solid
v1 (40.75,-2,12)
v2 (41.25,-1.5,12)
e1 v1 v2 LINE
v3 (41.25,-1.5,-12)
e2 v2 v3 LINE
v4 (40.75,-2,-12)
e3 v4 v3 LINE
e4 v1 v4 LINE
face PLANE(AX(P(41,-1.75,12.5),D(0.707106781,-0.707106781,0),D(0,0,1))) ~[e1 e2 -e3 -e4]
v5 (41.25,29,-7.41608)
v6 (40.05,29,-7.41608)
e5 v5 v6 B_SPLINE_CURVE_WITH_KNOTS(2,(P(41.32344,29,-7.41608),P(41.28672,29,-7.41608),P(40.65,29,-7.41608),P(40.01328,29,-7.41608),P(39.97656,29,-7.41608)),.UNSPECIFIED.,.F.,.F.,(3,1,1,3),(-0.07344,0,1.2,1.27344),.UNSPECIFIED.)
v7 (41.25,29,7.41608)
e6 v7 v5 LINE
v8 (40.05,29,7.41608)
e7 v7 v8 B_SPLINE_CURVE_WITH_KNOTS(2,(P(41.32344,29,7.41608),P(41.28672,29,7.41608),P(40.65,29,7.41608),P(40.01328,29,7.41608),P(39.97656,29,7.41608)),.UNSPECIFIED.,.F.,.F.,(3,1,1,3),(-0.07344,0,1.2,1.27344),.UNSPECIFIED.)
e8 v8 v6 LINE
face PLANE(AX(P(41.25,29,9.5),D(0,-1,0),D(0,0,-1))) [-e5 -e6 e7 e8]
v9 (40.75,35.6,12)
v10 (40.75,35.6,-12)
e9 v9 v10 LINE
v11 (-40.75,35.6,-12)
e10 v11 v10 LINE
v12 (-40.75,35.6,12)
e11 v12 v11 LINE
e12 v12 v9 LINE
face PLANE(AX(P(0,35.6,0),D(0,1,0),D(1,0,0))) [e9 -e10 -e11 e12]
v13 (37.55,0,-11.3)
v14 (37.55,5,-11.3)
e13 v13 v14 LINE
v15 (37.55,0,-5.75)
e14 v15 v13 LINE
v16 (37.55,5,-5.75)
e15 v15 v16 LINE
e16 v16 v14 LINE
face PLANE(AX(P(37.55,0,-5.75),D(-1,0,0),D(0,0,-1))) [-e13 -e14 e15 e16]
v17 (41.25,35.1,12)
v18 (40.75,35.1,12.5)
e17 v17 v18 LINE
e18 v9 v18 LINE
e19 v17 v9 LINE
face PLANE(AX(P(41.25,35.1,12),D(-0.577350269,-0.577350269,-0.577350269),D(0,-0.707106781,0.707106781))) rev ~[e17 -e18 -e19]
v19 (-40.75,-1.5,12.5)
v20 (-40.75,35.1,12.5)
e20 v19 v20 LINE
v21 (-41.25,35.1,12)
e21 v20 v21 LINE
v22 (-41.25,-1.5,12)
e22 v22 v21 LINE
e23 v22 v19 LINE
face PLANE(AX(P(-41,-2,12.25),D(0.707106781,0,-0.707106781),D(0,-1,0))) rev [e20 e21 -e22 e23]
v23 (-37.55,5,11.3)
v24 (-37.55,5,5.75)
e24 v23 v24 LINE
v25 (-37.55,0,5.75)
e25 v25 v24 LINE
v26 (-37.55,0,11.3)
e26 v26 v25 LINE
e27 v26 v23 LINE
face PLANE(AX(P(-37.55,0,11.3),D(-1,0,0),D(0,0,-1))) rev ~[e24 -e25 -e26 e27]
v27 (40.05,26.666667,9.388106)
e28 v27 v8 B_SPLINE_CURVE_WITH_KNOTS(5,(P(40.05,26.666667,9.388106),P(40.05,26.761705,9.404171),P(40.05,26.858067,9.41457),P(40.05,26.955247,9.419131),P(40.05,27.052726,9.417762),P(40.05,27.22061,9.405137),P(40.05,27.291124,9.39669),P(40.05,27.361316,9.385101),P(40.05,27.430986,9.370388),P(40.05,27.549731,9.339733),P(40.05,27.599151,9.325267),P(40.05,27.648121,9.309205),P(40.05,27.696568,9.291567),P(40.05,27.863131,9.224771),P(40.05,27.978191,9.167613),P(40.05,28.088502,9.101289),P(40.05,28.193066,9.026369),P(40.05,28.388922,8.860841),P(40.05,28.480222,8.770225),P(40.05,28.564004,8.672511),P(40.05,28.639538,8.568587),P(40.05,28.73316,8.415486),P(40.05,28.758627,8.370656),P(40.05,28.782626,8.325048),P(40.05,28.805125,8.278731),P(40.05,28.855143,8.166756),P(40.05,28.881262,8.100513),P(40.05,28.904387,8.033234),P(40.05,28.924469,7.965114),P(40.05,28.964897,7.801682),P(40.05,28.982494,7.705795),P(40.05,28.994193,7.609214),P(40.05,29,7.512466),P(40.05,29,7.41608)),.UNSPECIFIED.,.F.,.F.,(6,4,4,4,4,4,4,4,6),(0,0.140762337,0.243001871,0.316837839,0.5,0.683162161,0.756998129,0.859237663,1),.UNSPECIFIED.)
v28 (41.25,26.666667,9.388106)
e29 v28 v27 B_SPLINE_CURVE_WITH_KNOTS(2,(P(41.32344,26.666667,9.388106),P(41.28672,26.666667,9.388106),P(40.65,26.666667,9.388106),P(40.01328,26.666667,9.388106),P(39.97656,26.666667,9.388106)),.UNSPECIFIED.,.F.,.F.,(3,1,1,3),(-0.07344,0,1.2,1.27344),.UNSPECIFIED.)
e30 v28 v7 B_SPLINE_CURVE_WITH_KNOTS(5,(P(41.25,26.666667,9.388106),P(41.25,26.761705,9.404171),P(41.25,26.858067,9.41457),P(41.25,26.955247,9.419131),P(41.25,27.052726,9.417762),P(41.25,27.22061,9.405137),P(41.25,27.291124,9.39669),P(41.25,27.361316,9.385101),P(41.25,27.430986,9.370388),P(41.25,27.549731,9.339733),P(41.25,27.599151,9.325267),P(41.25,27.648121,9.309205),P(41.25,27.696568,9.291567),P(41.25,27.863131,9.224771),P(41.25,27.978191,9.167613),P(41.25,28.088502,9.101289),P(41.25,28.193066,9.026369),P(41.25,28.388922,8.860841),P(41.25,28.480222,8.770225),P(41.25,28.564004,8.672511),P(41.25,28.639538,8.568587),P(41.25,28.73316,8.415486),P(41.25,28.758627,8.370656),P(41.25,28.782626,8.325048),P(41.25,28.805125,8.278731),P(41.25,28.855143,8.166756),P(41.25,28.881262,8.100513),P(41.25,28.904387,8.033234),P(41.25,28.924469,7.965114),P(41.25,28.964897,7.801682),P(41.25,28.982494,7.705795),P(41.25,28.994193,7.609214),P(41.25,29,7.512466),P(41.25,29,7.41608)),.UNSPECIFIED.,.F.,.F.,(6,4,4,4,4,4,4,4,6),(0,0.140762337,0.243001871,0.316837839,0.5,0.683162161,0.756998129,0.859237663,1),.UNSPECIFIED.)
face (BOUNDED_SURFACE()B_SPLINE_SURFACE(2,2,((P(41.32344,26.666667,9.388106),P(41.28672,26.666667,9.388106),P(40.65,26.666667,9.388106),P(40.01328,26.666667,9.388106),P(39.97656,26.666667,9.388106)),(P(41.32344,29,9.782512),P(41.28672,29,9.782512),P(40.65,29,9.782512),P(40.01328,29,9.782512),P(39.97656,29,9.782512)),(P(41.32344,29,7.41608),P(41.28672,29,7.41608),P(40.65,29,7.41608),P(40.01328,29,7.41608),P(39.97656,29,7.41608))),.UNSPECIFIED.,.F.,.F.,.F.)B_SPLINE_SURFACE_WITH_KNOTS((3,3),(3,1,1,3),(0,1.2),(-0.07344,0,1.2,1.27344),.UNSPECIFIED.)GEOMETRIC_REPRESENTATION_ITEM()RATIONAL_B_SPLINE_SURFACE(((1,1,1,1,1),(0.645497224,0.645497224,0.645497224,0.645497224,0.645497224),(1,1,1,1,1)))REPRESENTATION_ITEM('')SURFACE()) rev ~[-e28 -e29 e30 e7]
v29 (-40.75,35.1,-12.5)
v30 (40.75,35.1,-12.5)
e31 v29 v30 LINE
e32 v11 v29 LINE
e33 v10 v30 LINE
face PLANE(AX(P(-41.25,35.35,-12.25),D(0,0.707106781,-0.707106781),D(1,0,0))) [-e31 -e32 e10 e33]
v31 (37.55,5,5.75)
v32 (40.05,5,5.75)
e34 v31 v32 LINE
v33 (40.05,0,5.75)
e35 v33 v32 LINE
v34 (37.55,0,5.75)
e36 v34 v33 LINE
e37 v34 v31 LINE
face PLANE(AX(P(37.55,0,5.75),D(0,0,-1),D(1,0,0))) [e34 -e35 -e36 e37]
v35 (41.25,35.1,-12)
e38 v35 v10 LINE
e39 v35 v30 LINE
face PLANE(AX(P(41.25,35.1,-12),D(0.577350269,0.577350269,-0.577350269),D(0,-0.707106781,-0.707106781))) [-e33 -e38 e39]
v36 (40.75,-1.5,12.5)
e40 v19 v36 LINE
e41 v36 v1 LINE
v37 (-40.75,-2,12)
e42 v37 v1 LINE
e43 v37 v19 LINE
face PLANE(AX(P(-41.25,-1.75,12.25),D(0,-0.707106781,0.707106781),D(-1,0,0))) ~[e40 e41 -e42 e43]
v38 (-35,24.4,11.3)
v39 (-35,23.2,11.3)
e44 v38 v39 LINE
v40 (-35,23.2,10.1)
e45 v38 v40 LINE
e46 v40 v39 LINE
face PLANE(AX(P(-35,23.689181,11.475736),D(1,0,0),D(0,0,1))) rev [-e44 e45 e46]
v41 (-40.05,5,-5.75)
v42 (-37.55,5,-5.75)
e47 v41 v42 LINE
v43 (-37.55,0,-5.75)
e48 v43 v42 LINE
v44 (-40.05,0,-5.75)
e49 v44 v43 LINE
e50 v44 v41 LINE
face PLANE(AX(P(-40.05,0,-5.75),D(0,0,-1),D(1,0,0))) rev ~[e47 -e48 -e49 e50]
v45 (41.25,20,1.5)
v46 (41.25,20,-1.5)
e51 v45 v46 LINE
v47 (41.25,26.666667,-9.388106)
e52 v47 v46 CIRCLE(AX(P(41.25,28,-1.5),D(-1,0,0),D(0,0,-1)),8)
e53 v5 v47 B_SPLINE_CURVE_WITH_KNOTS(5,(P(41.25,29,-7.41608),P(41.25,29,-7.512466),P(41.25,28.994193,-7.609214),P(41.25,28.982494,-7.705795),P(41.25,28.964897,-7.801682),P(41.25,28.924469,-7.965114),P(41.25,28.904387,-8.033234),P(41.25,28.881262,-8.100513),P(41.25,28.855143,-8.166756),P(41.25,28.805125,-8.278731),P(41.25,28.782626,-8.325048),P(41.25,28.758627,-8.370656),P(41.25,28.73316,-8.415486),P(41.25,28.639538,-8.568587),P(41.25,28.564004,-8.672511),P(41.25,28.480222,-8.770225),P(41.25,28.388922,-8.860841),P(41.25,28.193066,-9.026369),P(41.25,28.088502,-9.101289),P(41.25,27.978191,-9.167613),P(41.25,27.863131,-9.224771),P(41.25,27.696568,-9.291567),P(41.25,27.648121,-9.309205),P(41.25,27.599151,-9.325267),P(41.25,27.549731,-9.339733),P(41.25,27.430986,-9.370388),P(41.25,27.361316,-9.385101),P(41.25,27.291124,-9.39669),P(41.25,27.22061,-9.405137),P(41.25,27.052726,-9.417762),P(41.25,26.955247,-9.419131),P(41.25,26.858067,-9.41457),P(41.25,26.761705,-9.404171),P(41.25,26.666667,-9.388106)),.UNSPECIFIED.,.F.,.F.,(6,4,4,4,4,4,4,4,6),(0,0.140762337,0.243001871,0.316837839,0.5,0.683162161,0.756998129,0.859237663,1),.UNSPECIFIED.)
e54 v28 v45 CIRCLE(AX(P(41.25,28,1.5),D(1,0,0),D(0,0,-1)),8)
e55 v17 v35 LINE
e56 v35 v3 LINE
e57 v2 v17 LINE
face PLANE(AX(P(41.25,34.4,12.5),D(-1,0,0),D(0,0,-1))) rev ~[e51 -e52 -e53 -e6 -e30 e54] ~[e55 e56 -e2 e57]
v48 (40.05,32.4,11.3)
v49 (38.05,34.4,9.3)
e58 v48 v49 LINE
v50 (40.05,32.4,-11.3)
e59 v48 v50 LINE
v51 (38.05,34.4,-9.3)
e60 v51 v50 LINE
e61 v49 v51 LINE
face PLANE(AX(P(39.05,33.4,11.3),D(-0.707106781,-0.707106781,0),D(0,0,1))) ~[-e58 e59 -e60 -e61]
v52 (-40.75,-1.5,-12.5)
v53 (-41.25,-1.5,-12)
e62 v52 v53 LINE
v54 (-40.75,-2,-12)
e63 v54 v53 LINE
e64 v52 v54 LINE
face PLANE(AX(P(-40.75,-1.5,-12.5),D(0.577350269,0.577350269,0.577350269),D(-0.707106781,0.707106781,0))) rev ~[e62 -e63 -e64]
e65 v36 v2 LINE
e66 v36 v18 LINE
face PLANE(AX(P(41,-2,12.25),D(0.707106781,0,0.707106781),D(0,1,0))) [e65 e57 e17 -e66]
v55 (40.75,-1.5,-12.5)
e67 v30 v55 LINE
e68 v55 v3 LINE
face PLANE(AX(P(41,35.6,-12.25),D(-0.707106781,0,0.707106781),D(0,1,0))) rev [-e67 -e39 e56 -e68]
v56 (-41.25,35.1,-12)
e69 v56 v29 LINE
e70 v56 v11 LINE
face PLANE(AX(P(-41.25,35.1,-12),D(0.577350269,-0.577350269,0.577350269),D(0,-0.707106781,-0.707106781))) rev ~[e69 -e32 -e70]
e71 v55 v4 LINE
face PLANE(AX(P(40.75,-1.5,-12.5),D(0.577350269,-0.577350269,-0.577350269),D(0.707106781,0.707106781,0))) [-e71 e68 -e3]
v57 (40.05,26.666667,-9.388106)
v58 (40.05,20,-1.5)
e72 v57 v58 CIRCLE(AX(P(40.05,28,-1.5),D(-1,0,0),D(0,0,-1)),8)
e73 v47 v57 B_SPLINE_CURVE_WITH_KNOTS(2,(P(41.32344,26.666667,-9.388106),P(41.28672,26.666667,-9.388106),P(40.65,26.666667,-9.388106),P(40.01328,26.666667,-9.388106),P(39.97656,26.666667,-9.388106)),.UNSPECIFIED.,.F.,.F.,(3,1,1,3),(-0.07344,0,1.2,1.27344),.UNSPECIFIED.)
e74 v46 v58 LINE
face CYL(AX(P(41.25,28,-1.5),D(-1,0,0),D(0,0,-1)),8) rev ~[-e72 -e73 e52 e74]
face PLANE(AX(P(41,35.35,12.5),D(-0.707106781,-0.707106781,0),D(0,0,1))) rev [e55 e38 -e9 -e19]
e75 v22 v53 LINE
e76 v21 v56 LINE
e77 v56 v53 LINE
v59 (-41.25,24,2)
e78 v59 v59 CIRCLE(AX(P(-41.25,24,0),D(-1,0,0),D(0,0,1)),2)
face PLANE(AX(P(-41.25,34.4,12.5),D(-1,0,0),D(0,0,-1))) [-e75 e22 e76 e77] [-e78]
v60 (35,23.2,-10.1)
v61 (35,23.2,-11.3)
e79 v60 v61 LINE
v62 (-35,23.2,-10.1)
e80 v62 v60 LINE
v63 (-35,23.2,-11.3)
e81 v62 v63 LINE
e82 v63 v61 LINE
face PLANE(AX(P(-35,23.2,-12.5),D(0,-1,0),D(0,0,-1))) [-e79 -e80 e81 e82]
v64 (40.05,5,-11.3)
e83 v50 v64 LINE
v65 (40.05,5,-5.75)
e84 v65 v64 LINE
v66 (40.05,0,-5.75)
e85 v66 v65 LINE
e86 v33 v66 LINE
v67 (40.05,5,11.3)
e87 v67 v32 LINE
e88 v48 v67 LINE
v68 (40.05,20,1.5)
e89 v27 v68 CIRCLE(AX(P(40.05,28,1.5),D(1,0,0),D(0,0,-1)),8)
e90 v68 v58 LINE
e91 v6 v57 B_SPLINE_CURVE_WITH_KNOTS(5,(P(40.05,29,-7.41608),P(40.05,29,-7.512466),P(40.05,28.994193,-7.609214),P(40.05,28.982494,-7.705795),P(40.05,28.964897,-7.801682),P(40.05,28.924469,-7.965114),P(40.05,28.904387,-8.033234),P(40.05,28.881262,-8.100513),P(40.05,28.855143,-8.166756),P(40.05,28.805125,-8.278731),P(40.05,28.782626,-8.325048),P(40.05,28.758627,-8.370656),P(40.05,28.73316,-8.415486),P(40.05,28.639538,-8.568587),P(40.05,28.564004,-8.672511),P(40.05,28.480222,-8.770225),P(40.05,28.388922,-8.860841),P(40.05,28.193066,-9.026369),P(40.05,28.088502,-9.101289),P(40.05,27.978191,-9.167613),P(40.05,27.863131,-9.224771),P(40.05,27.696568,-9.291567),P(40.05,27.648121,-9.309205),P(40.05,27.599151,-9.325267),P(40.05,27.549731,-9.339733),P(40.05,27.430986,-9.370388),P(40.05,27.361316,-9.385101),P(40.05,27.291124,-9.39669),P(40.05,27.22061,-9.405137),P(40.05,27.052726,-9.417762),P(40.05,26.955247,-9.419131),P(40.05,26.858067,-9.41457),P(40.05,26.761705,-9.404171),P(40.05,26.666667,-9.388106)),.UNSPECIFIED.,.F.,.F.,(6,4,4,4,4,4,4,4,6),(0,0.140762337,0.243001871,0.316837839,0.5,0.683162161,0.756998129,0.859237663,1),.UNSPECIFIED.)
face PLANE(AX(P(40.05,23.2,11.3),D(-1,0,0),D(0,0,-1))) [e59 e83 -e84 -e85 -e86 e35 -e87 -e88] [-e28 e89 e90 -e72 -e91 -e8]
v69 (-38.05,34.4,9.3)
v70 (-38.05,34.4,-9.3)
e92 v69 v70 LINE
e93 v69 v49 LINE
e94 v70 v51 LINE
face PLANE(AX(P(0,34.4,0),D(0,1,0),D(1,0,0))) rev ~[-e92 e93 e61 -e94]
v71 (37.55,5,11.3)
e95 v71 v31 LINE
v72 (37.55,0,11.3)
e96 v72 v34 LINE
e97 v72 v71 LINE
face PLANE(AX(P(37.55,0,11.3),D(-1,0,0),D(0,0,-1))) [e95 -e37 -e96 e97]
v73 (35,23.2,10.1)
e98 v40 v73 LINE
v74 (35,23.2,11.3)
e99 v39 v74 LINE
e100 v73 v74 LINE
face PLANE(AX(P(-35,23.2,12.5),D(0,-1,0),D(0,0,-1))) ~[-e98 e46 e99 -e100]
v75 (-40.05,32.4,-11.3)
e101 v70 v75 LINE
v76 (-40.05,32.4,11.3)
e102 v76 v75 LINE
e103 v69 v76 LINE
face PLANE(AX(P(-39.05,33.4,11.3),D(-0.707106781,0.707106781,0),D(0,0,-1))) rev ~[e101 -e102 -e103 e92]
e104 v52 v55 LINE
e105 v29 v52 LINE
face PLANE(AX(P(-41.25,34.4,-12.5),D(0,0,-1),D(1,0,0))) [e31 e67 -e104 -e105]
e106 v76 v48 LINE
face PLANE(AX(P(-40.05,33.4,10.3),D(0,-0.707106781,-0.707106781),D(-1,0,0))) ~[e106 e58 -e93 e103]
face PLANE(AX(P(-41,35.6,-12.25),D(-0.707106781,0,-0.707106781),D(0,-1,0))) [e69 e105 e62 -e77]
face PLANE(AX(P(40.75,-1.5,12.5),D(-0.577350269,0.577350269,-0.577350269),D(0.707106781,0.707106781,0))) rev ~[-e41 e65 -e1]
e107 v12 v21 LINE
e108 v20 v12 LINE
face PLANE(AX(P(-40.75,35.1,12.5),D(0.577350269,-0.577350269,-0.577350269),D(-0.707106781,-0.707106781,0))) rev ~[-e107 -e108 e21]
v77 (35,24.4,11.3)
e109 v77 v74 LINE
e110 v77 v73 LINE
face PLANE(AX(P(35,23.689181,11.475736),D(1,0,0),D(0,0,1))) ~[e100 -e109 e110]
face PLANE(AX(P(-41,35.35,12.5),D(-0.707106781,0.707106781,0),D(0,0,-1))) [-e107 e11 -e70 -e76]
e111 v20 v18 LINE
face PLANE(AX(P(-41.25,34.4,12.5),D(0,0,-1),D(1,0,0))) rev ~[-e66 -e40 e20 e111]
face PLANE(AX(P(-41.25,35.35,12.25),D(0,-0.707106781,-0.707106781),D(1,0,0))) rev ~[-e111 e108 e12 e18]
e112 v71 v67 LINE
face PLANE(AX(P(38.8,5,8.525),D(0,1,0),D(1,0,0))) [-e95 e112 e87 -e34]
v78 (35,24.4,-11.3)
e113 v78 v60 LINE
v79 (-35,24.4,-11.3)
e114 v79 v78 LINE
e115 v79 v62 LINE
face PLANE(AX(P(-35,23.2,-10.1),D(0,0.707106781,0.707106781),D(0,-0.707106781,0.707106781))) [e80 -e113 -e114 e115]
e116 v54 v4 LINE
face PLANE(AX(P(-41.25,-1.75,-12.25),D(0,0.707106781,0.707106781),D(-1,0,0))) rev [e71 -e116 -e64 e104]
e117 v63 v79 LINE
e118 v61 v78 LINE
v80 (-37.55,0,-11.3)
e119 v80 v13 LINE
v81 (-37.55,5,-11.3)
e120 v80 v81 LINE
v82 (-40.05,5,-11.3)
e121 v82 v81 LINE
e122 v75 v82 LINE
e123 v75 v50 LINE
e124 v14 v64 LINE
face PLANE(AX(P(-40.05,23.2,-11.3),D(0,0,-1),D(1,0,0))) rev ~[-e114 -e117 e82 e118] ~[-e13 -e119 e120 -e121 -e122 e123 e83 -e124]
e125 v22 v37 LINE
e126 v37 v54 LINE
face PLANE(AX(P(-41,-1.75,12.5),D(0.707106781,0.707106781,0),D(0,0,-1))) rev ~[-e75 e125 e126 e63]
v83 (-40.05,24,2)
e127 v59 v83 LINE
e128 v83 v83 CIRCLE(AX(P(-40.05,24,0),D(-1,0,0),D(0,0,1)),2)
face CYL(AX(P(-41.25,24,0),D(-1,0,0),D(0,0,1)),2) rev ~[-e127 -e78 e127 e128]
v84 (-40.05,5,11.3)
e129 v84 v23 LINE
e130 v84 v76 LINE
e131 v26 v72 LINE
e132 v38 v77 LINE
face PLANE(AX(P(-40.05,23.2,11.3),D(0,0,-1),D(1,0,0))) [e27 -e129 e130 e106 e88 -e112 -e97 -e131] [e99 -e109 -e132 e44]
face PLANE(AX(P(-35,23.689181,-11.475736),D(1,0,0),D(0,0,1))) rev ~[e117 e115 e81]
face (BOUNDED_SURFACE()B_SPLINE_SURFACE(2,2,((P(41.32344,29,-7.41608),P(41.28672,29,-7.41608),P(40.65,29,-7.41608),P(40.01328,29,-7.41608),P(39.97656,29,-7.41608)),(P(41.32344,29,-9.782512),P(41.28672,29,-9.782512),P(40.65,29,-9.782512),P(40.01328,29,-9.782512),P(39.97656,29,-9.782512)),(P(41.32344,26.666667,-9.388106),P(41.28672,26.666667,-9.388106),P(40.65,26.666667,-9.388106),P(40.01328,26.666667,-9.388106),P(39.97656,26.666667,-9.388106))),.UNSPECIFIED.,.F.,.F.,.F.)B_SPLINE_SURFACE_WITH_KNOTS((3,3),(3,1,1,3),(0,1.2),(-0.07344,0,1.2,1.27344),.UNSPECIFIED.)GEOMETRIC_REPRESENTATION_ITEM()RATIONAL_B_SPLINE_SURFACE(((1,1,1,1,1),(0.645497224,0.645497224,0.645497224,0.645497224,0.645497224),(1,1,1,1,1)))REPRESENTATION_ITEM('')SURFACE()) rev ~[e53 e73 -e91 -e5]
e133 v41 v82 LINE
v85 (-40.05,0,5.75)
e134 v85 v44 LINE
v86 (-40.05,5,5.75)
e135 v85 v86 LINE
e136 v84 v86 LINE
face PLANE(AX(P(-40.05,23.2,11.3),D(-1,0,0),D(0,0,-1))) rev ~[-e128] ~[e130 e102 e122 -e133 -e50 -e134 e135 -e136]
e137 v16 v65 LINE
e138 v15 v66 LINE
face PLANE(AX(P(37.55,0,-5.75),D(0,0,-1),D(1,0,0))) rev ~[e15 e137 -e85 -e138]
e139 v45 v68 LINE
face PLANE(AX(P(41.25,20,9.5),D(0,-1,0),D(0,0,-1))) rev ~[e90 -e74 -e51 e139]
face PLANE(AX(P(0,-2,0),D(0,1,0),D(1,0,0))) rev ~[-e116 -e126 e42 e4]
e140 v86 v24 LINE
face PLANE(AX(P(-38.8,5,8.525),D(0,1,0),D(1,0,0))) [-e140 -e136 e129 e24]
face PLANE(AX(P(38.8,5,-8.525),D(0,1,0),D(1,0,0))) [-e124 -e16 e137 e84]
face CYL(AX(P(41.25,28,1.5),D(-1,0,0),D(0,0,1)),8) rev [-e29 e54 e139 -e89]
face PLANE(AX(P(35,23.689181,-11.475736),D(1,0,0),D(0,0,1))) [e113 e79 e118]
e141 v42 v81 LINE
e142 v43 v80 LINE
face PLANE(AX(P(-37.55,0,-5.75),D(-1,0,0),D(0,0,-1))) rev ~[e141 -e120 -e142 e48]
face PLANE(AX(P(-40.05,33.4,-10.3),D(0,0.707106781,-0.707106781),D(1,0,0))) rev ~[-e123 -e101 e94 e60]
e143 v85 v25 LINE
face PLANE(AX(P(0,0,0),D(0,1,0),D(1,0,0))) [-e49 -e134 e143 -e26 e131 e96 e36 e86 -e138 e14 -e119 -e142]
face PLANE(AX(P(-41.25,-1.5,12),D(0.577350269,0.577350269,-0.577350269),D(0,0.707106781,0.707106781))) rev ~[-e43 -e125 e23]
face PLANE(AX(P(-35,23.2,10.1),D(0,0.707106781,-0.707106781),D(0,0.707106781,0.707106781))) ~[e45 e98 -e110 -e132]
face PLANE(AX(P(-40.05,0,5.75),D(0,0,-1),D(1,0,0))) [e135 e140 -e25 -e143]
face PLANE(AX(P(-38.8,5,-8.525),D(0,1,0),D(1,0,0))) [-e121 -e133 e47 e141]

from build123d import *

# Parameters (mm, degrees)
SKETCH1_W           = 82.5
SKETCH1_H           = 25
SKETCH1_W_2         = 80.1
SKETCH1_H_2         = 22.6
BOSS_EXTRUDE1_DEPTH = 23.2
SKETCH1_2_W         = 82.5
SKETCH1_2_H         = 25
BOSS_EXTRUDE2_DEPTH = 2
SKETCH2_W           = 2.5
SKETCH2_H           = 5.55
BOSS_EXTRUDE3_DEPTH = 5
SKETCH8_W           = 82.5
SKETCH8_H           = 25
SKETCH8_W_2         = 80.1
SKETCH8_H_2         = 22.6
BOSS_EXTRUDE4_DEPTH = 11.2
SKETCH10_W          = 82.5
SKETCH10_H          = 25
BOSS_EXTRUDE6_DEPTH = 1.2
SKETCH11_W          = 19
SKETCH11_H          = 9
CUT_EXTRUDE1_DEPTH  = 1.2
FILLET1_R           = 8
FILLET2_R           = 2
CHAMFER1_SIZE       = 0.5
CHAMFER2_SIZE       = 2
SKETCH12_R          = 2
CUT_EXTRUDE2_DEPTH  = 1.2


with BuildPart() as part:
    # Sketch1 → Boss-Extrude1 (new body)
    with BuildSketch(Plane(origin=(0, 0, 0), x_dir=(1, 0, 0), z_dir=(0, 1, 0))):
        Rectangle(SKETCH1_W, SKETCH1_H)
        Rectangle(SKETCH1_W_2, SKETCH1_H_2, mode=Mode.SUBTRACT)
    extrude(amount=BOSS_EXTRUDE1_DEPTH)

    # Sketch1<2> → Boss-Extrude2 (add)
    with BuildSketch(Plane(origin=(0, 0, 0), x_dir=(1, 0, 0), z_dir=(0, 1, 0))):
        Rectangle(SKETCH1_2_W, SKETCH1_2_H)
    extrude(amount=-BOSS_EXTRUDE2_DEPTH)

    # Sketch2 → Boss-Extrude3 (add)
    with BuildSketch(Plane(origin=(0, 0, 0), x_dir=(1, 0, 0), z_dir=(0, 1, 0))):
        with Locations((-38.8, 8.525)):
            Rectangle(SKETCH2_W, SKETCH2_H)
        with Locations((-38.8, -8.525)):
            Rectangle(SKETCH2_W, SKETCH2_H)
        with Locations((38.8, -8.525)):
            Rectangle(SKETCH2_W, SKETCH2_H)
        with Locations((38.8, 8.525)):
            Rectangle(SKETCH2_W, SKETCH2_H)
    extrude(amount=BOSS_EXTRUDE3_DEPTH)

    # Sweep2: sweep along a path in Sketch3
    with BuildLine(Plane(origin=(0, 23.2, 0), x_dir=(1, 0, 0), z_dir=(0, 1, 0))) as sweep2_path:
        Line((-35, 11.3), (35, 11.3))
    # Sketch4 → Sweep2 (sweep)
    with BuildSketch(Plane(origin=(0, 0, 0), x_dir=(0, 0, -1), z_dir=(1, 0, 0))):
        Polygon((10.1, 23.2), (11.3, 24.4), (12.5, 24.4), (12.5, 23.2), align=None)
    sweep2 = sweep(path=sweep2_path.line)

    # Mirror1: Sweep2 across plane
    add(sweep2.mirror(Plane.XY))

    # Sketch8 → Boss-Extrude4 (add)
    with BuildSketch(Plane(origin=(0, 23.2, 0), x_dir=(1, 0, 0), z_dir=(0, 1, 0))):
        Rectangle(SKETCH8_W, SKETCH8_H)
        Rectangle(SKETCH8_W_2, SKETCH8_H_2, mode=Mode.SUBTRACT)
    extrude(amount=BOSS_EXTRUDE4_DEPTH)

    # Sketch10 → Boss-Extrude6 (add)
    with BuildSketch(Plane(origin=(0, 34.4, 0), x_dir=(1, 0, 0), z_dir=(0, 1, 0))):
        Rectangle(SKETCH10_W, SKETCH10_H)
    extrude(amount=BOSS_EXTRUDE6_DEPTH)

    # Sketch11 → Cut-Extrude1 (cut)
    with BuildSketch(Plane(origin=(41.25, 0, 0), x_dir=(0, 0, -1), z_dir=(1, 0, 0))):
        with Locations((0, 24.5)):
            Rectangle(SKETCH11_W, SKETCH11_H)
    extrude(amount=-CUT_EXTRUDE1_DEPTH, mode=Mode.SUBTRACT)

    # Fillet1
    fillet1_edges = [part.edges().sort_by_distance(p)[0] for p in [
        (40.65, 20, -9.5),
        (40.65, 20, 9.5),
    ]]
    fillet(fillet1_edges, radius=FILLET1_R)

    # Fillet2
    fillet2_edges = [part.edges().sort_by_distance(p)[0] for p in [
        (40.65, 29, 9.5),
        (40.65, 29, -9.5),
    ]]
    fillet(fillet2_edges, radius=FILLET2_R)

    # Chamfer1
    chamfer1_edges = [part.edges().sort_by_distance(p)[0] for p in [
        (0, -2, -12.5),
        (41.25, 16.8, -12.5),
        (0, 35.6, -12.5),
        (-41.25, 16.8, -12.5),
        (-41.25, -2, 0),
        (0, -2, 12.5),
        (41.25, -2, 0),
        (41.25, 35.6, 0),
        (41.25, 16.8, 12.5),
        (0, 35.6, 12.5),
        (-41.25, 16.8, 12.5),
        (-41.25, 35.6, 0),
    ]]
    chamfer(chamfer1_edges, length=CHAMFER1_SIZE)

    # Chamfer2
    chamfer2_edges = [part.edges().sort_by_distance(p)[0] for p in [
        (0, 34.4, 11.3),
        (40.05, 34.4, 0),
        (0, 34.4, -11.3),
        (-40.05, 34.4, 0),
    ]]
    chamfer(chamfer2_edges, length=CHAMFER2_SIZE)

    # Sketch12 → Cut-Extrude2 (cut)
    with BuildSketch(Plane.ZY.offset(41.25)):
        with Locations((0, 24)):
            Circle(SKETCH12_R)
    extrude(amount=-CUT_EXTRUDE2_DEPTH, mode=Mode.SUBTRACT)


solid = part.part
